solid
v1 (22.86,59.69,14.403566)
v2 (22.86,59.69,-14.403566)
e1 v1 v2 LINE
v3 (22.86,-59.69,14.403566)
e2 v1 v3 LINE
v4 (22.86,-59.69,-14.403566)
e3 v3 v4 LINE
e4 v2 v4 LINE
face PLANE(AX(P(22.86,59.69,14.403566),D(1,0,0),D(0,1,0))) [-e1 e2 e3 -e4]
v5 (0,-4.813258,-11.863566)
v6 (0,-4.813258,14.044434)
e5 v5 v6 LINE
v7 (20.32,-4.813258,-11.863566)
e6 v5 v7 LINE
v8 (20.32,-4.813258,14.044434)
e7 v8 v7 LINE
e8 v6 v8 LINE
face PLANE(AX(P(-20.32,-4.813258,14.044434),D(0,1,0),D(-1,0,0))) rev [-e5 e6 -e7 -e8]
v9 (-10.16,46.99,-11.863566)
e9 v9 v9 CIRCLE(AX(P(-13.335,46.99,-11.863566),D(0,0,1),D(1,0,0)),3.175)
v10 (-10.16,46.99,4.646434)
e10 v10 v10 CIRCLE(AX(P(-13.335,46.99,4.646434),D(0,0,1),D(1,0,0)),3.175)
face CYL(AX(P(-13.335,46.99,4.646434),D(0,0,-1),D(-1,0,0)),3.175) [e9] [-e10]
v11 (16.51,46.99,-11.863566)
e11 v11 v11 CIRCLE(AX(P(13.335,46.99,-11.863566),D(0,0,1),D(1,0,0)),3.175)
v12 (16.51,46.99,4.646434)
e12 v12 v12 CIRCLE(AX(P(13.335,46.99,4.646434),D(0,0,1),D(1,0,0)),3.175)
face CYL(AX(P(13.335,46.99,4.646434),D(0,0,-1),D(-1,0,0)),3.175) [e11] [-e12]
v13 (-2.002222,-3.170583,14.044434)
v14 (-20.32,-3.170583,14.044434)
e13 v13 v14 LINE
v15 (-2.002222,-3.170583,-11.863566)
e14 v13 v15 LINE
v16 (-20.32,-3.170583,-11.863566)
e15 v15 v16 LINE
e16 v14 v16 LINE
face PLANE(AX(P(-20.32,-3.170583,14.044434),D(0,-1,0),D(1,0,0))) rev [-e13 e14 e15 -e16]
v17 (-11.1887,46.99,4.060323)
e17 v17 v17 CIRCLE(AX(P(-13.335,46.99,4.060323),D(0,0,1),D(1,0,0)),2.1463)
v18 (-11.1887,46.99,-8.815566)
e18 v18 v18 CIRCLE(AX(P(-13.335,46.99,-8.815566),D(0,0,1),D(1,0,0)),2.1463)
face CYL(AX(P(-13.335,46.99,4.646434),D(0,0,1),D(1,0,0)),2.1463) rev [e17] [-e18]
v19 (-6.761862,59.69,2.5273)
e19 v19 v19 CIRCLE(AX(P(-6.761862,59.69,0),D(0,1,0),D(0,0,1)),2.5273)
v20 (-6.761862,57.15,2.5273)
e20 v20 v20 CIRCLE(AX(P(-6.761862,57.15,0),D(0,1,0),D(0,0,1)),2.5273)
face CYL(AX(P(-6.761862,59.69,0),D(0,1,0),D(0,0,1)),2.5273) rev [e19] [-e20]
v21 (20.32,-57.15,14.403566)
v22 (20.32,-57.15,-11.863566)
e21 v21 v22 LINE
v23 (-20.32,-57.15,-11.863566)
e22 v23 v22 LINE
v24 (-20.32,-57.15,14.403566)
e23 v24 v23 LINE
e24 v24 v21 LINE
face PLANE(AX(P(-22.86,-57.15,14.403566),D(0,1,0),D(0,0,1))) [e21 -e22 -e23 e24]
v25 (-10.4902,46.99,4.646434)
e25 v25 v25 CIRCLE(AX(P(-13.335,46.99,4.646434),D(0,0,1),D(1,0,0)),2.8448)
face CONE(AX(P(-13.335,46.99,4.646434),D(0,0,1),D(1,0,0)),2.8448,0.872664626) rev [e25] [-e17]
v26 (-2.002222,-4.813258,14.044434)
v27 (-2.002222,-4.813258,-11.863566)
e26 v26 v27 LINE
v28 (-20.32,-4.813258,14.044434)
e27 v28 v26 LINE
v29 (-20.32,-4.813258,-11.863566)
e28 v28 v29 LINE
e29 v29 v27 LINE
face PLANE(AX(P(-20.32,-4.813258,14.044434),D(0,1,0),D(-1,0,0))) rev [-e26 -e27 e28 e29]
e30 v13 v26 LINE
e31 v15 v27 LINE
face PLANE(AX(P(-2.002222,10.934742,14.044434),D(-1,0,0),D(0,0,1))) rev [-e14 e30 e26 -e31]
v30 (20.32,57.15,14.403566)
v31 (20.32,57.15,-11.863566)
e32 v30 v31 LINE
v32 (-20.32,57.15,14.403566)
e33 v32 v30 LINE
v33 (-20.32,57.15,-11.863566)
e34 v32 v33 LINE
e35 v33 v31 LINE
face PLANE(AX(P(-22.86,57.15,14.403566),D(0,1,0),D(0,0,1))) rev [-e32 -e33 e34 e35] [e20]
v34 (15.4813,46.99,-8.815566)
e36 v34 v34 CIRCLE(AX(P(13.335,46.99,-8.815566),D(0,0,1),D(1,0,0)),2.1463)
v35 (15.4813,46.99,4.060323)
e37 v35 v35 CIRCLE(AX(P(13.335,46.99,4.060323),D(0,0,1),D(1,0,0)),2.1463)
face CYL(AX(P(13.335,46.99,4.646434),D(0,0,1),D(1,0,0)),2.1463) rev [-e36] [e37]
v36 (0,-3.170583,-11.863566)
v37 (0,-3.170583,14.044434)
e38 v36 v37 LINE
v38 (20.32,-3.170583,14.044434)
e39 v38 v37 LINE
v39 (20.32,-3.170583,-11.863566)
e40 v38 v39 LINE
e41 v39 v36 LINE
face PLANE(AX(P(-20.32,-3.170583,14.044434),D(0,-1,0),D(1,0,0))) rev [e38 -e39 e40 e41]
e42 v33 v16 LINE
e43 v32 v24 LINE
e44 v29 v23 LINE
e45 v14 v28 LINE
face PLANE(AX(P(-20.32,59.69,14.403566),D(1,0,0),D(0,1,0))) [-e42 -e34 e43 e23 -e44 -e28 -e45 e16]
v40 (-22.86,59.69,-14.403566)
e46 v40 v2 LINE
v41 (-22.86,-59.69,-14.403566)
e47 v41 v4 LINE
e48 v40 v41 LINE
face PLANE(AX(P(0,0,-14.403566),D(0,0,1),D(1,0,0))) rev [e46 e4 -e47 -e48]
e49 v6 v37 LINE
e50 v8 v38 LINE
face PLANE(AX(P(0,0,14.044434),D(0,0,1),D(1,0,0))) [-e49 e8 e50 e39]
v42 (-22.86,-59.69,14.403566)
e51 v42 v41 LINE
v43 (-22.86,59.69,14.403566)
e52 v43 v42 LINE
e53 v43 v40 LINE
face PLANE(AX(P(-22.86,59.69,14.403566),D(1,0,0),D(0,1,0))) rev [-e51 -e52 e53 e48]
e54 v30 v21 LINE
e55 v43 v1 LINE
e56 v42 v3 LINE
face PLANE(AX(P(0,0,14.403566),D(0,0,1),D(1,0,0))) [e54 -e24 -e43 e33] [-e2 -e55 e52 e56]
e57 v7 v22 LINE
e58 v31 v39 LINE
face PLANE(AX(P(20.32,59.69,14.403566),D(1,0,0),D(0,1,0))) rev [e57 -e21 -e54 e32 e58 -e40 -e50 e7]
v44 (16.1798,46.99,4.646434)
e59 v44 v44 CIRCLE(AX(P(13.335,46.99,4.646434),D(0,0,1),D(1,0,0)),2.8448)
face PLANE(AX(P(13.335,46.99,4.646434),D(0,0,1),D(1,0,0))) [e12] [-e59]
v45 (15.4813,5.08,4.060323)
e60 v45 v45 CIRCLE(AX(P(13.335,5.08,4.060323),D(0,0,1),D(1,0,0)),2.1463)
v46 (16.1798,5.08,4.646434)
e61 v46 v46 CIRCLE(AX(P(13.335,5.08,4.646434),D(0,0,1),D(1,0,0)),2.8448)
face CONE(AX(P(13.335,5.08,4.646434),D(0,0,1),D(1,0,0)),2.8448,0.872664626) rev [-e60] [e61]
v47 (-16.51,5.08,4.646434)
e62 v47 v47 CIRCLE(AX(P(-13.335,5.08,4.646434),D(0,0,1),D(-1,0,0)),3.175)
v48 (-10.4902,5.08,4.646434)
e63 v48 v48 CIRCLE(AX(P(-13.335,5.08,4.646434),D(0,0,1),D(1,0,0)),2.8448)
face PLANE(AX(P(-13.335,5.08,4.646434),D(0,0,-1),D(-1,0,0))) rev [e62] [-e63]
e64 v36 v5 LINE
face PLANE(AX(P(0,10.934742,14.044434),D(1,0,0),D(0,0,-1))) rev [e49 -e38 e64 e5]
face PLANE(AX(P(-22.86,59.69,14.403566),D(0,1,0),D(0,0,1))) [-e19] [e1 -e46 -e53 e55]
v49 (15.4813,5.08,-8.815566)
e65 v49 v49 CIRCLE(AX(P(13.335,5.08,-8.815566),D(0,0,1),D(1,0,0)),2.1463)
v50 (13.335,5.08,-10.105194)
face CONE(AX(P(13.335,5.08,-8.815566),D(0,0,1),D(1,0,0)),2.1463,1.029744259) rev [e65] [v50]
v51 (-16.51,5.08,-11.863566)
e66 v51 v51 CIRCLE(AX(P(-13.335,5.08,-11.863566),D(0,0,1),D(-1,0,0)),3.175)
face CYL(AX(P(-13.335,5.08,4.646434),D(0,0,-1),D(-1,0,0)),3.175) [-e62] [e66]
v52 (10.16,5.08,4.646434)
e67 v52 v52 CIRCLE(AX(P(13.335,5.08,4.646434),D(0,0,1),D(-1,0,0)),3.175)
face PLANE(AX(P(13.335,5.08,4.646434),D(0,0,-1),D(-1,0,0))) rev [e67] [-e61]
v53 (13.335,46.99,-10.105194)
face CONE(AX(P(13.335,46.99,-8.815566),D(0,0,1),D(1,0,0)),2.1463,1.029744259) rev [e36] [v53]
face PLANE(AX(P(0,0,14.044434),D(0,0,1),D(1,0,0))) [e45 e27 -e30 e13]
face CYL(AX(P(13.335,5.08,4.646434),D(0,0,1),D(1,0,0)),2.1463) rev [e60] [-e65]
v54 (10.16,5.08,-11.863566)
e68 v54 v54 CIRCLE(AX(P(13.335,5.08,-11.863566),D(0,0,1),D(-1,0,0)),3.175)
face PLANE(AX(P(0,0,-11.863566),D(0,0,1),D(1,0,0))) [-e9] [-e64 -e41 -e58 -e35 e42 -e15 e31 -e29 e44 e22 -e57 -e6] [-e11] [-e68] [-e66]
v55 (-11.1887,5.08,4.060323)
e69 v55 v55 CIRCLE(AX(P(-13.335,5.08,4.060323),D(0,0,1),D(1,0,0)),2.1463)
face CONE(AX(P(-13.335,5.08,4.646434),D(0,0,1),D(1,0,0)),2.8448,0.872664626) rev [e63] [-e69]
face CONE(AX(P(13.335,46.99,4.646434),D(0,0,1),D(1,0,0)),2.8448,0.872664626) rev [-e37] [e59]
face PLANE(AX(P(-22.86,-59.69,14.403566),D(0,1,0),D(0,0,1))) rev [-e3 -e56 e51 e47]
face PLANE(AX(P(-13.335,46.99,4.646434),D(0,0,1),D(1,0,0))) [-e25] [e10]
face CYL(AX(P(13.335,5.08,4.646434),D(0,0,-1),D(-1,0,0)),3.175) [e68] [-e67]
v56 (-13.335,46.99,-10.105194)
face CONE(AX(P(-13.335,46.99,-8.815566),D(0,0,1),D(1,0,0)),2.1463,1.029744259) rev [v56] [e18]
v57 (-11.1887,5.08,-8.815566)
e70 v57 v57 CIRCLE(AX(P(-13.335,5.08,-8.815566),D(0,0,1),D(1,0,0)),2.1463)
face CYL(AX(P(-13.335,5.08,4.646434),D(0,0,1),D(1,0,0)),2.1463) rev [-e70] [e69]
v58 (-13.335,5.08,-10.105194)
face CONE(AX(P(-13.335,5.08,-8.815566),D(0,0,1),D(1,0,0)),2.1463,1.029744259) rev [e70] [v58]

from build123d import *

# Parameters (mm, degrees)
SKETCH1_W                            = 45.72
SKETCH1_H                            = 119.38
BOSS_EXTRUDE1_DEPTH                  = 14.403566373
SHELL3_T                             = -2.54
SKETCH4_R                            = 3.175
BOSS_EXTRUDE2_DEPTH                  = 16.51
F_8_0_199_DIAMETER_HOLE1_D           = 5.0546
F_8_0_199_DIAMETER_HOLE1_DEPTH       = 2.54
SKETCH19_W                           = 40.64
SKETCH19_H                           = 1.642675469
BOSS_EXTRUDE3_DEPTH                  = 25.908
SKETCH23_W                           = 2.002221862
SKETCH23_H                           = 25.908
CUT_EXTRUDE2_DEPTH                   = 15.748
F_4_0_209_DIAMETER_HOLE1_D           = 4.2926
F_4_0_209_DIAMETER_HOLE1_DEPTH       = 13.462
F_4_0_209_DIAMETER_HOLE1_CSINK_D     = 5.6896
F_4_0_209_DIAMETER_HOLE1_CSINK_ANGLE = 100
F_4_0_209_DIAMETER_HOLE1_TIP         = 1.289627147


with BuildPart() as part:
    # Sketch1 → Boss-Extrude1 (new body, symmetric)
    with BuildSketch(Plane.XY):
        Rectangle(SKETCH1_W, SKETCH1_H)
    extrude(amount=BOSS_EXTRUDE1_DEPTH, both=True)

    # Shell3
    shell3_openings = [part.faces().sort_by_distance(p)[0] for p in [
        (0, 0, 14.403566373),
    ]]
    offset(amount=SHELL3_T, openings=shell3_openings, kind=Kind.INTERSECTION)

    # Sketch4 → Boss-Extrude2 (add)
    with BuildSketch(Plane.XY.offset(-11.863566373)):
        with Locations((-13.335, 46.99)):
            Circle(SKETCH4_R)
        with Locations((13.335, 46.99)):
            Circle(SKETCH4_R)
        with Locations((13.335, 5.08)):
            Circle(SKETCH4_R)
        with Locations((-13.335, 5.08)):
            Circle(SKETCH4_R)
    extrude(amount=BOSS_EXTRUDE2_DEPTH)

    # #8 (0.199) Diameter Hole1
    with Locations(Plane(origin=(0, 59.69, 0), x_dir=(1, 0, 0), z_dir=(0, 1, 0))):
        with Locations((-6.761861897, 0), (-42.285600541, -5.559615493)):
            Hole(F_8_0_199_DIAMETER_HOLE1_D / 2, depth=F_8_0_199_DIAMETER_HOLE1_DEPTH)

    # Sketch19 → Boss-Extrude3 (add)
    with BuildSketch(Plane.XY.offset(-11.863566373)):
        with Locations((0, -3.991920643)):
            Rectangle(SKETCH19_W, SKETCH19_H)
    extrude(amount=BOSS_EXTRUDE3_DEPTH)

    # Sketch23 → Cut-Extrude2 (cut)
    with BuildSketch(Plane.XZ.offset(4.813258377)):
        with Locations((-1.001110931, 1.090433627)):
            Rectangle(SKETCH23_W, SKETCH23_H)
    extrude(amount=-CUT_EXTRUDE2_DEPTH, mode=Mode.SUBTRACT)

    # #4 (0.209) Diameter Hole1
    with Locations(Plane.XY.offset(4.646433627)):
        with Locations((-13.335, 5.08), (-13.335, 46.99), (13.335, 5.08), (13.335, 46.99)):
            CounterSinkHole(F_4_0_209_DIAMETER_HOLE1_D / 2, F_4_0_209_DIAMETER_HOLE1_CSINK_D / 2, depth=F_4_0_209_DIAMETER_HOLE1_DEPTH, counter_sink_angle=F_4_0_209_DIAMETER_HOLE1_CSINK_ANGLE)
            with Locations((0, 0, -(F_4_0_209_DIAMETER_HOLE1_DEPTH + F_4_0_209_DIAMETER_HOLE1_TIP / 2))):  # 118° drill point
                Cone(0, F_4_0_209_DIAMETER_HOLE1_D / 2, F_4_0_209_DIAMETER_HOLE1_TIP, mode=Mode.SUBTRACT)


solid = part.part
